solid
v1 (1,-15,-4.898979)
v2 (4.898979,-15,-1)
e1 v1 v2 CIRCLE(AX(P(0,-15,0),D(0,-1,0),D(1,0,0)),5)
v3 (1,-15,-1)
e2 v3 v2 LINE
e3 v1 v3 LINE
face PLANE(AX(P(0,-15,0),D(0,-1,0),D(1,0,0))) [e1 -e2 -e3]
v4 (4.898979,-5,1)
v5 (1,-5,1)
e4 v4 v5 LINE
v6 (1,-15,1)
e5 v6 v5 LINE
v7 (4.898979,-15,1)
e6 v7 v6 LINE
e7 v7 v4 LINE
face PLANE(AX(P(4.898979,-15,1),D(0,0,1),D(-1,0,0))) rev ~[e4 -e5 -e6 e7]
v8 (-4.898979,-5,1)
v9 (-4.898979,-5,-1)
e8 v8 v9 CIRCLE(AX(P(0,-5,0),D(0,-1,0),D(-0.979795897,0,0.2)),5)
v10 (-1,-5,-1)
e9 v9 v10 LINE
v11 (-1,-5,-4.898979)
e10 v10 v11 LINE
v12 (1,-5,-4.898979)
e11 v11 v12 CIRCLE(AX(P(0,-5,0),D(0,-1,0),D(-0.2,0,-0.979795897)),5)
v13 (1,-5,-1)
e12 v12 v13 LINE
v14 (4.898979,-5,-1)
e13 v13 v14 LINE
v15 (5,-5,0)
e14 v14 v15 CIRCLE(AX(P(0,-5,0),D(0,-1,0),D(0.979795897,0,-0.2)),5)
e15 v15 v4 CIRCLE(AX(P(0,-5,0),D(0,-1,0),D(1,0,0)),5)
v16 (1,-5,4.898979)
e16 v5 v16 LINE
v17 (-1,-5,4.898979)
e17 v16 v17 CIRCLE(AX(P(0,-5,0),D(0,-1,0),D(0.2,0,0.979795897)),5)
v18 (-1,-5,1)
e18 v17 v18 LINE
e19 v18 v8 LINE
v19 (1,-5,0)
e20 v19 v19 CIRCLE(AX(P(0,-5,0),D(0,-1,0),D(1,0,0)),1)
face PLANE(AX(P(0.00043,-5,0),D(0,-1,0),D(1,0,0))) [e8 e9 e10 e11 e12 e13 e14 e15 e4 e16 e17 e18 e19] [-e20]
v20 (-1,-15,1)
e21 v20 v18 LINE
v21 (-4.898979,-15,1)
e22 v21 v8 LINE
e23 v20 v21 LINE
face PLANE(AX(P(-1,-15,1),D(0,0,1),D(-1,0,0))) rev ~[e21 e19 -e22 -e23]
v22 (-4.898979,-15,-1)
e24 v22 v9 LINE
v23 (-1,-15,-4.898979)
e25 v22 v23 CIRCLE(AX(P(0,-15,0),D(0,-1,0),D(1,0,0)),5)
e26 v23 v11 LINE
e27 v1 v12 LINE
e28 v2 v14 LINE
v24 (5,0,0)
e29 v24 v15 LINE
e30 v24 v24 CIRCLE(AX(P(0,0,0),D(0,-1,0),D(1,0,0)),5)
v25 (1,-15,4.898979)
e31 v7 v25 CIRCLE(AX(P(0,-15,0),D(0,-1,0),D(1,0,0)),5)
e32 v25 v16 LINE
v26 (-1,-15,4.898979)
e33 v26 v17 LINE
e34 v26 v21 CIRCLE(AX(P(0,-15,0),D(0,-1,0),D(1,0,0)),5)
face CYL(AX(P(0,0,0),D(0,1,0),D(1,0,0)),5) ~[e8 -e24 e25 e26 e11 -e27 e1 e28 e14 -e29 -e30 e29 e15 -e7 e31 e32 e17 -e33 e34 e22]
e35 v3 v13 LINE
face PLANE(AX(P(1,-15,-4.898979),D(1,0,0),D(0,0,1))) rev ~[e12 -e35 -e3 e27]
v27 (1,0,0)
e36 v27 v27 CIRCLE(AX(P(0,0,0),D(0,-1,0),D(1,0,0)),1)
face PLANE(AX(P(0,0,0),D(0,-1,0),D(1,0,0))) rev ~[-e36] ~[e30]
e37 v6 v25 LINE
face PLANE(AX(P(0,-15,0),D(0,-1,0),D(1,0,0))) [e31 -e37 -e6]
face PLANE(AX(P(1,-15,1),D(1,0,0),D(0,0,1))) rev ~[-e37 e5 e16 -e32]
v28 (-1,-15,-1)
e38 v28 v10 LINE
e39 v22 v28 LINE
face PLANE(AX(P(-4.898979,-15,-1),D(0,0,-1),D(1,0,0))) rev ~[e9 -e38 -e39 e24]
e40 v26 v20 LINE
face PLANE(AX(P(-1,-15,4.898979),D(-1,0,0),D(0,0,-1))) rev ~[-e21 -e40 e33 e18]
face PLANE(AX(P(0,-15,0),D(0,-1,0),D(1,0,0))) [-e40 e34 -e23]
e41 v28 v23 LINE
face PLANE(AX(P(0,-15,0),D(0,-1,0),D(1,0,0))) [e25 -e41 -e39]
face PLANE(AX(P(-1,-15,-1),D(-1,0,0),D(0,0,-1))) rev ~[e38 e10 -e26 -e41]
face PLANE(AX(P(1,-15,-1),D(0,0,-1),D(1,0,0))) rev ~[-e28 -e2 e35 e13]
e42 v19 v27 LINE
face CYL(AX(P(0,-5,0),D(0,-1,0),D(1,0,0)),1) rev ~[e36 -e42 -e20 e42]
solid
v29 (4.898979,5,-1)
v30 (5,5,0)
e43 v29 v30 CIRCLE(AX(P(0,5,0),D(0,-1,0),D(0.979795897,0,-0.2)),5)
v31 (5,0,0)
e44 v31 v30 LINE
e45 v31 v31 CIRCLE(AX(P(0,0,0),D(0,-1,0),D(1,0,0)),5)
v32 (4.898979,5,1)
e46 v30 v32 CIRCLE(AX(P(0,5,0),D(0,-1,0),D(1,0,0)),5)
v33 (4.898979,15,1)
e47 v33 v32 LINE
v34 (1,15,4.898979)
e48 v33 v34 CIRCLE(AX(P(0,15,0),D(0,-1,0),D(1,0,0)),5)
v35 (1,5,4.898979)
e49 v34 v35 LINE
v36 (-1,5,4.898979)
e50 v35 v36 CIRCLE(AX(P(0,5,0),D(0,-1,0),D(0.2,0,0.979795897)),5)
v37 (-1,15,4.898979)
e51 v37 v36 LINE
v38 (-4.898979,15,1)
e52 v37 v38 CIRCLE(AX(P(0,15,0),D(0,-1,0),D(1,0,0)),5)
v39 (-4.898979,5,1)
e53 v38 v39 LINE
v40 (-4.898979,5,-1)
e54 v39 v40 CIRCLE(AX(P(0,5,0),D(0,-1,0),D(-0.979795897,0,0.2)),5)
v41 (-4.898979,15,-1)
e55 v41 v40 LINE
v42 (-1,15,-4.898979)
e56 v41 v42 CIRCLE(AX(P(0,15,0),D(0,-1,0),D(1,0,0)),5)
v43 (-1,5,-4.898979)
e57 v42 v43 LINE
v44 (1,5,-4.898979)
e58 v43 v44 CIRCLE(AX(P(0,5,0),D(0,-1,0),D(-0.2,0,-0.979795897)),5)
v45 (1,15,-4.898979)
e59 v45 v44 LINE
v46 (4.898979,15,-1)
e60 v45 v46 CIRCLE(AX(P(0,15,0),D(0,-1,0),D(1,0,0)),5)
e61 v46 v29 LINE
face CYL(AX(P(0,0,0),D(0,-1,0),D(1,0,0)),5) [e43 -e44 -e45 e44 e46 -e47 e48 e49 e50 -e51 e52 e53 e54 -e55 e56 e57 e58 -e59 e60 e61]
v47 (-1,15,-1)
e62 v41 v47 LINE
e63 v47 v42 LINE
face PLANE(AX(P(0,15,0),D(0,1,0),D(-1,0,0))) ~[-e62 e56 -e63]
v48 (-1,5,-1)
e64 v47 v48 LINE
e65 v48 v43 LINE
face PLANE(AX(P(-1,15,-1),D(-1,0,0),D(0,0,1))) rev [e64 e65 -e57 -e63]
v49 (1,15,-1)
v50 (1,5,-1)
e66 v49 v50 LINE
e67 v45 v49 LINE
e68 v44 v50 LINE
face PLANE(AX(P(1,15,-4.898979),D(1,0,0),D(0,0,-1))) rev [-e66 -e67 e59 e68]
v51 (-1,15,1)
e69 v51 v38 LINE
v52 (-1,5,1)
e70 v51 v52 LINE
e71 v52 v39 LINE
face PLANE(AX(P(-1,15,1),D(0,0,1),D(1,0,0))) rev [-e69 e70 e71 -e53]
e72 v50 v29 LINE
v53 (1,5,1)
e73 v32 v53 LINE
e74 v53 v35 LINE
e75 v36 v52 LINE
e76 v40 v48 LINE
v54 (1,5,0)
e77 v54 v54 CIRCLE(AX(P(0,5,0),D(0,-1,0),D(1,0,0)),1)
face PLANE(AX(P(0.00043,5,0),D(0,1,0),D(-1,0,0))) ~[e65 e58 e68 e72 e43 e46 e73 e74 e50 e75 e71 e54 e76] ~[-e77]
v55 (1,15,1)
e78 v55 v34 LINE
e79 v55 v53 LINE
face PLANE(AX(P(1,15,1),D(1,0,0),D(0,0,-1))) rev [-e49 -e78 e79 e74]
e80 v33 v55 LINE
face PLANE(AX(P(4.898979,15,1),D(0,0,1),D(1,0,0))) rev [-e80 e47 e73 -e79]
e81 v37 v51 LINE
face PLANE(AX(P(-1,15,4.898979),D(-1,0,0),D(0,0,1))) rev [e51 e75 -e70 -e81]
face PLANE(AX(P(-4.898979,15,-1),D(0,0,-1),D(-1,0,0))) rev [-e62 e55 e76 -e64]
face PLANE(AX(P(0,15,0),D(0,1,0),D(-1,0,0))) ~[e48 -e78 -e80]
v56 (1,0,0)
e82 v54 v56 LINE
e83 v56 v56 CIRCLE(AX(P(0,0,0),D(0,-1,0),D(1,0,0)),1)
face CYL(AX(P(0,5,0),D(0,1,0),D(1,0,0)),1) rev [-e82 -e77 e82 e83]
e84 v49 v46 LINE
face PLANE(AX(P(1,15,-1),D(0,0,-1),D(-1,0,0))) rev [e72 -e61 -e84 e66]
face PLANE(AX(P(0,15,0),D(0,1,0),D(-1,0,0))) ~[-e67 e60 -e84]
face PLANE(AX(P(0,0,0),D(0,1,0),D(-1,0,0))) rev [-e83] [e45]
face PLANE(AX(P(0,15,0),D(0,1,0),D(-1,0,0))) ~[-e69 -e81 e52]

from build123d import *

# Parameters (mm, degrees)
F0_R     = 5
F1_DEPTH = 15
F3_DEPTH = 10
F4_R     = 1
F5_DEPTH = 5.001


with BuildPart() as f1:
    # F0 (on Front) → F1 (new body)
    with BuildSketch(Plane.XZ):
        Circle(F0_R)
    extrude(amount=F1_DEPTH)

    # F2 (on face) → F3 (cut)
    with BuildSketch(Plane.XZ.offset(15)):
        with BuildLine():
            ThreePointArc((-1, -4.8989794856), (0, -5), (1, -4.8989794856))
            Line((1, -4.8989794856), (1, -1))
            Line((1, -1), (4.8989794856, -1))
            ThreePointArc((4.8989794856, -1), (4.974680765, -0.50254481), (5, 0))
            ThreePointArc((5, 0), (4.974680765, 0.50254481), (4.8989794856, 1))
            Line((4.8989794856, 1), (1, 1))
            Line((1, 1), (1, 4.8989794856))
            ThreePointArc((1, 4.8989794856), (0, 5), (-1, 4.8989794856))
            Line((-1, 4.8989794856), (-1, 1))
            Line((-1, 1), (-4.8989794856, 1))
            ThreePointArc((-4.8989794856, 1), (-5, 0), (-4.8989794856, -1))
            Line((-4.8989794856, -1), (-1, -1))
            Line((-1, -1), (-1, -4.8989794856))
        make_face()
    extrude(amount=-F3_DEPTH, mode=Mode.SUBTRACT)

    # F4 (on face) → F5 (cut, through all)
    with BuildSketch(Plane.XZ.offset(5)):
        Circle(F4_R)
    extrude(amount=-F5_DEPTH, mode=Mode.SUBTRACT)


with BuildPart() as f6_1:
    # F6: instance of F1
    add(f1.part.mirror(Plane.XZ))


solid = Compound([f1.part, f6_1.part])
